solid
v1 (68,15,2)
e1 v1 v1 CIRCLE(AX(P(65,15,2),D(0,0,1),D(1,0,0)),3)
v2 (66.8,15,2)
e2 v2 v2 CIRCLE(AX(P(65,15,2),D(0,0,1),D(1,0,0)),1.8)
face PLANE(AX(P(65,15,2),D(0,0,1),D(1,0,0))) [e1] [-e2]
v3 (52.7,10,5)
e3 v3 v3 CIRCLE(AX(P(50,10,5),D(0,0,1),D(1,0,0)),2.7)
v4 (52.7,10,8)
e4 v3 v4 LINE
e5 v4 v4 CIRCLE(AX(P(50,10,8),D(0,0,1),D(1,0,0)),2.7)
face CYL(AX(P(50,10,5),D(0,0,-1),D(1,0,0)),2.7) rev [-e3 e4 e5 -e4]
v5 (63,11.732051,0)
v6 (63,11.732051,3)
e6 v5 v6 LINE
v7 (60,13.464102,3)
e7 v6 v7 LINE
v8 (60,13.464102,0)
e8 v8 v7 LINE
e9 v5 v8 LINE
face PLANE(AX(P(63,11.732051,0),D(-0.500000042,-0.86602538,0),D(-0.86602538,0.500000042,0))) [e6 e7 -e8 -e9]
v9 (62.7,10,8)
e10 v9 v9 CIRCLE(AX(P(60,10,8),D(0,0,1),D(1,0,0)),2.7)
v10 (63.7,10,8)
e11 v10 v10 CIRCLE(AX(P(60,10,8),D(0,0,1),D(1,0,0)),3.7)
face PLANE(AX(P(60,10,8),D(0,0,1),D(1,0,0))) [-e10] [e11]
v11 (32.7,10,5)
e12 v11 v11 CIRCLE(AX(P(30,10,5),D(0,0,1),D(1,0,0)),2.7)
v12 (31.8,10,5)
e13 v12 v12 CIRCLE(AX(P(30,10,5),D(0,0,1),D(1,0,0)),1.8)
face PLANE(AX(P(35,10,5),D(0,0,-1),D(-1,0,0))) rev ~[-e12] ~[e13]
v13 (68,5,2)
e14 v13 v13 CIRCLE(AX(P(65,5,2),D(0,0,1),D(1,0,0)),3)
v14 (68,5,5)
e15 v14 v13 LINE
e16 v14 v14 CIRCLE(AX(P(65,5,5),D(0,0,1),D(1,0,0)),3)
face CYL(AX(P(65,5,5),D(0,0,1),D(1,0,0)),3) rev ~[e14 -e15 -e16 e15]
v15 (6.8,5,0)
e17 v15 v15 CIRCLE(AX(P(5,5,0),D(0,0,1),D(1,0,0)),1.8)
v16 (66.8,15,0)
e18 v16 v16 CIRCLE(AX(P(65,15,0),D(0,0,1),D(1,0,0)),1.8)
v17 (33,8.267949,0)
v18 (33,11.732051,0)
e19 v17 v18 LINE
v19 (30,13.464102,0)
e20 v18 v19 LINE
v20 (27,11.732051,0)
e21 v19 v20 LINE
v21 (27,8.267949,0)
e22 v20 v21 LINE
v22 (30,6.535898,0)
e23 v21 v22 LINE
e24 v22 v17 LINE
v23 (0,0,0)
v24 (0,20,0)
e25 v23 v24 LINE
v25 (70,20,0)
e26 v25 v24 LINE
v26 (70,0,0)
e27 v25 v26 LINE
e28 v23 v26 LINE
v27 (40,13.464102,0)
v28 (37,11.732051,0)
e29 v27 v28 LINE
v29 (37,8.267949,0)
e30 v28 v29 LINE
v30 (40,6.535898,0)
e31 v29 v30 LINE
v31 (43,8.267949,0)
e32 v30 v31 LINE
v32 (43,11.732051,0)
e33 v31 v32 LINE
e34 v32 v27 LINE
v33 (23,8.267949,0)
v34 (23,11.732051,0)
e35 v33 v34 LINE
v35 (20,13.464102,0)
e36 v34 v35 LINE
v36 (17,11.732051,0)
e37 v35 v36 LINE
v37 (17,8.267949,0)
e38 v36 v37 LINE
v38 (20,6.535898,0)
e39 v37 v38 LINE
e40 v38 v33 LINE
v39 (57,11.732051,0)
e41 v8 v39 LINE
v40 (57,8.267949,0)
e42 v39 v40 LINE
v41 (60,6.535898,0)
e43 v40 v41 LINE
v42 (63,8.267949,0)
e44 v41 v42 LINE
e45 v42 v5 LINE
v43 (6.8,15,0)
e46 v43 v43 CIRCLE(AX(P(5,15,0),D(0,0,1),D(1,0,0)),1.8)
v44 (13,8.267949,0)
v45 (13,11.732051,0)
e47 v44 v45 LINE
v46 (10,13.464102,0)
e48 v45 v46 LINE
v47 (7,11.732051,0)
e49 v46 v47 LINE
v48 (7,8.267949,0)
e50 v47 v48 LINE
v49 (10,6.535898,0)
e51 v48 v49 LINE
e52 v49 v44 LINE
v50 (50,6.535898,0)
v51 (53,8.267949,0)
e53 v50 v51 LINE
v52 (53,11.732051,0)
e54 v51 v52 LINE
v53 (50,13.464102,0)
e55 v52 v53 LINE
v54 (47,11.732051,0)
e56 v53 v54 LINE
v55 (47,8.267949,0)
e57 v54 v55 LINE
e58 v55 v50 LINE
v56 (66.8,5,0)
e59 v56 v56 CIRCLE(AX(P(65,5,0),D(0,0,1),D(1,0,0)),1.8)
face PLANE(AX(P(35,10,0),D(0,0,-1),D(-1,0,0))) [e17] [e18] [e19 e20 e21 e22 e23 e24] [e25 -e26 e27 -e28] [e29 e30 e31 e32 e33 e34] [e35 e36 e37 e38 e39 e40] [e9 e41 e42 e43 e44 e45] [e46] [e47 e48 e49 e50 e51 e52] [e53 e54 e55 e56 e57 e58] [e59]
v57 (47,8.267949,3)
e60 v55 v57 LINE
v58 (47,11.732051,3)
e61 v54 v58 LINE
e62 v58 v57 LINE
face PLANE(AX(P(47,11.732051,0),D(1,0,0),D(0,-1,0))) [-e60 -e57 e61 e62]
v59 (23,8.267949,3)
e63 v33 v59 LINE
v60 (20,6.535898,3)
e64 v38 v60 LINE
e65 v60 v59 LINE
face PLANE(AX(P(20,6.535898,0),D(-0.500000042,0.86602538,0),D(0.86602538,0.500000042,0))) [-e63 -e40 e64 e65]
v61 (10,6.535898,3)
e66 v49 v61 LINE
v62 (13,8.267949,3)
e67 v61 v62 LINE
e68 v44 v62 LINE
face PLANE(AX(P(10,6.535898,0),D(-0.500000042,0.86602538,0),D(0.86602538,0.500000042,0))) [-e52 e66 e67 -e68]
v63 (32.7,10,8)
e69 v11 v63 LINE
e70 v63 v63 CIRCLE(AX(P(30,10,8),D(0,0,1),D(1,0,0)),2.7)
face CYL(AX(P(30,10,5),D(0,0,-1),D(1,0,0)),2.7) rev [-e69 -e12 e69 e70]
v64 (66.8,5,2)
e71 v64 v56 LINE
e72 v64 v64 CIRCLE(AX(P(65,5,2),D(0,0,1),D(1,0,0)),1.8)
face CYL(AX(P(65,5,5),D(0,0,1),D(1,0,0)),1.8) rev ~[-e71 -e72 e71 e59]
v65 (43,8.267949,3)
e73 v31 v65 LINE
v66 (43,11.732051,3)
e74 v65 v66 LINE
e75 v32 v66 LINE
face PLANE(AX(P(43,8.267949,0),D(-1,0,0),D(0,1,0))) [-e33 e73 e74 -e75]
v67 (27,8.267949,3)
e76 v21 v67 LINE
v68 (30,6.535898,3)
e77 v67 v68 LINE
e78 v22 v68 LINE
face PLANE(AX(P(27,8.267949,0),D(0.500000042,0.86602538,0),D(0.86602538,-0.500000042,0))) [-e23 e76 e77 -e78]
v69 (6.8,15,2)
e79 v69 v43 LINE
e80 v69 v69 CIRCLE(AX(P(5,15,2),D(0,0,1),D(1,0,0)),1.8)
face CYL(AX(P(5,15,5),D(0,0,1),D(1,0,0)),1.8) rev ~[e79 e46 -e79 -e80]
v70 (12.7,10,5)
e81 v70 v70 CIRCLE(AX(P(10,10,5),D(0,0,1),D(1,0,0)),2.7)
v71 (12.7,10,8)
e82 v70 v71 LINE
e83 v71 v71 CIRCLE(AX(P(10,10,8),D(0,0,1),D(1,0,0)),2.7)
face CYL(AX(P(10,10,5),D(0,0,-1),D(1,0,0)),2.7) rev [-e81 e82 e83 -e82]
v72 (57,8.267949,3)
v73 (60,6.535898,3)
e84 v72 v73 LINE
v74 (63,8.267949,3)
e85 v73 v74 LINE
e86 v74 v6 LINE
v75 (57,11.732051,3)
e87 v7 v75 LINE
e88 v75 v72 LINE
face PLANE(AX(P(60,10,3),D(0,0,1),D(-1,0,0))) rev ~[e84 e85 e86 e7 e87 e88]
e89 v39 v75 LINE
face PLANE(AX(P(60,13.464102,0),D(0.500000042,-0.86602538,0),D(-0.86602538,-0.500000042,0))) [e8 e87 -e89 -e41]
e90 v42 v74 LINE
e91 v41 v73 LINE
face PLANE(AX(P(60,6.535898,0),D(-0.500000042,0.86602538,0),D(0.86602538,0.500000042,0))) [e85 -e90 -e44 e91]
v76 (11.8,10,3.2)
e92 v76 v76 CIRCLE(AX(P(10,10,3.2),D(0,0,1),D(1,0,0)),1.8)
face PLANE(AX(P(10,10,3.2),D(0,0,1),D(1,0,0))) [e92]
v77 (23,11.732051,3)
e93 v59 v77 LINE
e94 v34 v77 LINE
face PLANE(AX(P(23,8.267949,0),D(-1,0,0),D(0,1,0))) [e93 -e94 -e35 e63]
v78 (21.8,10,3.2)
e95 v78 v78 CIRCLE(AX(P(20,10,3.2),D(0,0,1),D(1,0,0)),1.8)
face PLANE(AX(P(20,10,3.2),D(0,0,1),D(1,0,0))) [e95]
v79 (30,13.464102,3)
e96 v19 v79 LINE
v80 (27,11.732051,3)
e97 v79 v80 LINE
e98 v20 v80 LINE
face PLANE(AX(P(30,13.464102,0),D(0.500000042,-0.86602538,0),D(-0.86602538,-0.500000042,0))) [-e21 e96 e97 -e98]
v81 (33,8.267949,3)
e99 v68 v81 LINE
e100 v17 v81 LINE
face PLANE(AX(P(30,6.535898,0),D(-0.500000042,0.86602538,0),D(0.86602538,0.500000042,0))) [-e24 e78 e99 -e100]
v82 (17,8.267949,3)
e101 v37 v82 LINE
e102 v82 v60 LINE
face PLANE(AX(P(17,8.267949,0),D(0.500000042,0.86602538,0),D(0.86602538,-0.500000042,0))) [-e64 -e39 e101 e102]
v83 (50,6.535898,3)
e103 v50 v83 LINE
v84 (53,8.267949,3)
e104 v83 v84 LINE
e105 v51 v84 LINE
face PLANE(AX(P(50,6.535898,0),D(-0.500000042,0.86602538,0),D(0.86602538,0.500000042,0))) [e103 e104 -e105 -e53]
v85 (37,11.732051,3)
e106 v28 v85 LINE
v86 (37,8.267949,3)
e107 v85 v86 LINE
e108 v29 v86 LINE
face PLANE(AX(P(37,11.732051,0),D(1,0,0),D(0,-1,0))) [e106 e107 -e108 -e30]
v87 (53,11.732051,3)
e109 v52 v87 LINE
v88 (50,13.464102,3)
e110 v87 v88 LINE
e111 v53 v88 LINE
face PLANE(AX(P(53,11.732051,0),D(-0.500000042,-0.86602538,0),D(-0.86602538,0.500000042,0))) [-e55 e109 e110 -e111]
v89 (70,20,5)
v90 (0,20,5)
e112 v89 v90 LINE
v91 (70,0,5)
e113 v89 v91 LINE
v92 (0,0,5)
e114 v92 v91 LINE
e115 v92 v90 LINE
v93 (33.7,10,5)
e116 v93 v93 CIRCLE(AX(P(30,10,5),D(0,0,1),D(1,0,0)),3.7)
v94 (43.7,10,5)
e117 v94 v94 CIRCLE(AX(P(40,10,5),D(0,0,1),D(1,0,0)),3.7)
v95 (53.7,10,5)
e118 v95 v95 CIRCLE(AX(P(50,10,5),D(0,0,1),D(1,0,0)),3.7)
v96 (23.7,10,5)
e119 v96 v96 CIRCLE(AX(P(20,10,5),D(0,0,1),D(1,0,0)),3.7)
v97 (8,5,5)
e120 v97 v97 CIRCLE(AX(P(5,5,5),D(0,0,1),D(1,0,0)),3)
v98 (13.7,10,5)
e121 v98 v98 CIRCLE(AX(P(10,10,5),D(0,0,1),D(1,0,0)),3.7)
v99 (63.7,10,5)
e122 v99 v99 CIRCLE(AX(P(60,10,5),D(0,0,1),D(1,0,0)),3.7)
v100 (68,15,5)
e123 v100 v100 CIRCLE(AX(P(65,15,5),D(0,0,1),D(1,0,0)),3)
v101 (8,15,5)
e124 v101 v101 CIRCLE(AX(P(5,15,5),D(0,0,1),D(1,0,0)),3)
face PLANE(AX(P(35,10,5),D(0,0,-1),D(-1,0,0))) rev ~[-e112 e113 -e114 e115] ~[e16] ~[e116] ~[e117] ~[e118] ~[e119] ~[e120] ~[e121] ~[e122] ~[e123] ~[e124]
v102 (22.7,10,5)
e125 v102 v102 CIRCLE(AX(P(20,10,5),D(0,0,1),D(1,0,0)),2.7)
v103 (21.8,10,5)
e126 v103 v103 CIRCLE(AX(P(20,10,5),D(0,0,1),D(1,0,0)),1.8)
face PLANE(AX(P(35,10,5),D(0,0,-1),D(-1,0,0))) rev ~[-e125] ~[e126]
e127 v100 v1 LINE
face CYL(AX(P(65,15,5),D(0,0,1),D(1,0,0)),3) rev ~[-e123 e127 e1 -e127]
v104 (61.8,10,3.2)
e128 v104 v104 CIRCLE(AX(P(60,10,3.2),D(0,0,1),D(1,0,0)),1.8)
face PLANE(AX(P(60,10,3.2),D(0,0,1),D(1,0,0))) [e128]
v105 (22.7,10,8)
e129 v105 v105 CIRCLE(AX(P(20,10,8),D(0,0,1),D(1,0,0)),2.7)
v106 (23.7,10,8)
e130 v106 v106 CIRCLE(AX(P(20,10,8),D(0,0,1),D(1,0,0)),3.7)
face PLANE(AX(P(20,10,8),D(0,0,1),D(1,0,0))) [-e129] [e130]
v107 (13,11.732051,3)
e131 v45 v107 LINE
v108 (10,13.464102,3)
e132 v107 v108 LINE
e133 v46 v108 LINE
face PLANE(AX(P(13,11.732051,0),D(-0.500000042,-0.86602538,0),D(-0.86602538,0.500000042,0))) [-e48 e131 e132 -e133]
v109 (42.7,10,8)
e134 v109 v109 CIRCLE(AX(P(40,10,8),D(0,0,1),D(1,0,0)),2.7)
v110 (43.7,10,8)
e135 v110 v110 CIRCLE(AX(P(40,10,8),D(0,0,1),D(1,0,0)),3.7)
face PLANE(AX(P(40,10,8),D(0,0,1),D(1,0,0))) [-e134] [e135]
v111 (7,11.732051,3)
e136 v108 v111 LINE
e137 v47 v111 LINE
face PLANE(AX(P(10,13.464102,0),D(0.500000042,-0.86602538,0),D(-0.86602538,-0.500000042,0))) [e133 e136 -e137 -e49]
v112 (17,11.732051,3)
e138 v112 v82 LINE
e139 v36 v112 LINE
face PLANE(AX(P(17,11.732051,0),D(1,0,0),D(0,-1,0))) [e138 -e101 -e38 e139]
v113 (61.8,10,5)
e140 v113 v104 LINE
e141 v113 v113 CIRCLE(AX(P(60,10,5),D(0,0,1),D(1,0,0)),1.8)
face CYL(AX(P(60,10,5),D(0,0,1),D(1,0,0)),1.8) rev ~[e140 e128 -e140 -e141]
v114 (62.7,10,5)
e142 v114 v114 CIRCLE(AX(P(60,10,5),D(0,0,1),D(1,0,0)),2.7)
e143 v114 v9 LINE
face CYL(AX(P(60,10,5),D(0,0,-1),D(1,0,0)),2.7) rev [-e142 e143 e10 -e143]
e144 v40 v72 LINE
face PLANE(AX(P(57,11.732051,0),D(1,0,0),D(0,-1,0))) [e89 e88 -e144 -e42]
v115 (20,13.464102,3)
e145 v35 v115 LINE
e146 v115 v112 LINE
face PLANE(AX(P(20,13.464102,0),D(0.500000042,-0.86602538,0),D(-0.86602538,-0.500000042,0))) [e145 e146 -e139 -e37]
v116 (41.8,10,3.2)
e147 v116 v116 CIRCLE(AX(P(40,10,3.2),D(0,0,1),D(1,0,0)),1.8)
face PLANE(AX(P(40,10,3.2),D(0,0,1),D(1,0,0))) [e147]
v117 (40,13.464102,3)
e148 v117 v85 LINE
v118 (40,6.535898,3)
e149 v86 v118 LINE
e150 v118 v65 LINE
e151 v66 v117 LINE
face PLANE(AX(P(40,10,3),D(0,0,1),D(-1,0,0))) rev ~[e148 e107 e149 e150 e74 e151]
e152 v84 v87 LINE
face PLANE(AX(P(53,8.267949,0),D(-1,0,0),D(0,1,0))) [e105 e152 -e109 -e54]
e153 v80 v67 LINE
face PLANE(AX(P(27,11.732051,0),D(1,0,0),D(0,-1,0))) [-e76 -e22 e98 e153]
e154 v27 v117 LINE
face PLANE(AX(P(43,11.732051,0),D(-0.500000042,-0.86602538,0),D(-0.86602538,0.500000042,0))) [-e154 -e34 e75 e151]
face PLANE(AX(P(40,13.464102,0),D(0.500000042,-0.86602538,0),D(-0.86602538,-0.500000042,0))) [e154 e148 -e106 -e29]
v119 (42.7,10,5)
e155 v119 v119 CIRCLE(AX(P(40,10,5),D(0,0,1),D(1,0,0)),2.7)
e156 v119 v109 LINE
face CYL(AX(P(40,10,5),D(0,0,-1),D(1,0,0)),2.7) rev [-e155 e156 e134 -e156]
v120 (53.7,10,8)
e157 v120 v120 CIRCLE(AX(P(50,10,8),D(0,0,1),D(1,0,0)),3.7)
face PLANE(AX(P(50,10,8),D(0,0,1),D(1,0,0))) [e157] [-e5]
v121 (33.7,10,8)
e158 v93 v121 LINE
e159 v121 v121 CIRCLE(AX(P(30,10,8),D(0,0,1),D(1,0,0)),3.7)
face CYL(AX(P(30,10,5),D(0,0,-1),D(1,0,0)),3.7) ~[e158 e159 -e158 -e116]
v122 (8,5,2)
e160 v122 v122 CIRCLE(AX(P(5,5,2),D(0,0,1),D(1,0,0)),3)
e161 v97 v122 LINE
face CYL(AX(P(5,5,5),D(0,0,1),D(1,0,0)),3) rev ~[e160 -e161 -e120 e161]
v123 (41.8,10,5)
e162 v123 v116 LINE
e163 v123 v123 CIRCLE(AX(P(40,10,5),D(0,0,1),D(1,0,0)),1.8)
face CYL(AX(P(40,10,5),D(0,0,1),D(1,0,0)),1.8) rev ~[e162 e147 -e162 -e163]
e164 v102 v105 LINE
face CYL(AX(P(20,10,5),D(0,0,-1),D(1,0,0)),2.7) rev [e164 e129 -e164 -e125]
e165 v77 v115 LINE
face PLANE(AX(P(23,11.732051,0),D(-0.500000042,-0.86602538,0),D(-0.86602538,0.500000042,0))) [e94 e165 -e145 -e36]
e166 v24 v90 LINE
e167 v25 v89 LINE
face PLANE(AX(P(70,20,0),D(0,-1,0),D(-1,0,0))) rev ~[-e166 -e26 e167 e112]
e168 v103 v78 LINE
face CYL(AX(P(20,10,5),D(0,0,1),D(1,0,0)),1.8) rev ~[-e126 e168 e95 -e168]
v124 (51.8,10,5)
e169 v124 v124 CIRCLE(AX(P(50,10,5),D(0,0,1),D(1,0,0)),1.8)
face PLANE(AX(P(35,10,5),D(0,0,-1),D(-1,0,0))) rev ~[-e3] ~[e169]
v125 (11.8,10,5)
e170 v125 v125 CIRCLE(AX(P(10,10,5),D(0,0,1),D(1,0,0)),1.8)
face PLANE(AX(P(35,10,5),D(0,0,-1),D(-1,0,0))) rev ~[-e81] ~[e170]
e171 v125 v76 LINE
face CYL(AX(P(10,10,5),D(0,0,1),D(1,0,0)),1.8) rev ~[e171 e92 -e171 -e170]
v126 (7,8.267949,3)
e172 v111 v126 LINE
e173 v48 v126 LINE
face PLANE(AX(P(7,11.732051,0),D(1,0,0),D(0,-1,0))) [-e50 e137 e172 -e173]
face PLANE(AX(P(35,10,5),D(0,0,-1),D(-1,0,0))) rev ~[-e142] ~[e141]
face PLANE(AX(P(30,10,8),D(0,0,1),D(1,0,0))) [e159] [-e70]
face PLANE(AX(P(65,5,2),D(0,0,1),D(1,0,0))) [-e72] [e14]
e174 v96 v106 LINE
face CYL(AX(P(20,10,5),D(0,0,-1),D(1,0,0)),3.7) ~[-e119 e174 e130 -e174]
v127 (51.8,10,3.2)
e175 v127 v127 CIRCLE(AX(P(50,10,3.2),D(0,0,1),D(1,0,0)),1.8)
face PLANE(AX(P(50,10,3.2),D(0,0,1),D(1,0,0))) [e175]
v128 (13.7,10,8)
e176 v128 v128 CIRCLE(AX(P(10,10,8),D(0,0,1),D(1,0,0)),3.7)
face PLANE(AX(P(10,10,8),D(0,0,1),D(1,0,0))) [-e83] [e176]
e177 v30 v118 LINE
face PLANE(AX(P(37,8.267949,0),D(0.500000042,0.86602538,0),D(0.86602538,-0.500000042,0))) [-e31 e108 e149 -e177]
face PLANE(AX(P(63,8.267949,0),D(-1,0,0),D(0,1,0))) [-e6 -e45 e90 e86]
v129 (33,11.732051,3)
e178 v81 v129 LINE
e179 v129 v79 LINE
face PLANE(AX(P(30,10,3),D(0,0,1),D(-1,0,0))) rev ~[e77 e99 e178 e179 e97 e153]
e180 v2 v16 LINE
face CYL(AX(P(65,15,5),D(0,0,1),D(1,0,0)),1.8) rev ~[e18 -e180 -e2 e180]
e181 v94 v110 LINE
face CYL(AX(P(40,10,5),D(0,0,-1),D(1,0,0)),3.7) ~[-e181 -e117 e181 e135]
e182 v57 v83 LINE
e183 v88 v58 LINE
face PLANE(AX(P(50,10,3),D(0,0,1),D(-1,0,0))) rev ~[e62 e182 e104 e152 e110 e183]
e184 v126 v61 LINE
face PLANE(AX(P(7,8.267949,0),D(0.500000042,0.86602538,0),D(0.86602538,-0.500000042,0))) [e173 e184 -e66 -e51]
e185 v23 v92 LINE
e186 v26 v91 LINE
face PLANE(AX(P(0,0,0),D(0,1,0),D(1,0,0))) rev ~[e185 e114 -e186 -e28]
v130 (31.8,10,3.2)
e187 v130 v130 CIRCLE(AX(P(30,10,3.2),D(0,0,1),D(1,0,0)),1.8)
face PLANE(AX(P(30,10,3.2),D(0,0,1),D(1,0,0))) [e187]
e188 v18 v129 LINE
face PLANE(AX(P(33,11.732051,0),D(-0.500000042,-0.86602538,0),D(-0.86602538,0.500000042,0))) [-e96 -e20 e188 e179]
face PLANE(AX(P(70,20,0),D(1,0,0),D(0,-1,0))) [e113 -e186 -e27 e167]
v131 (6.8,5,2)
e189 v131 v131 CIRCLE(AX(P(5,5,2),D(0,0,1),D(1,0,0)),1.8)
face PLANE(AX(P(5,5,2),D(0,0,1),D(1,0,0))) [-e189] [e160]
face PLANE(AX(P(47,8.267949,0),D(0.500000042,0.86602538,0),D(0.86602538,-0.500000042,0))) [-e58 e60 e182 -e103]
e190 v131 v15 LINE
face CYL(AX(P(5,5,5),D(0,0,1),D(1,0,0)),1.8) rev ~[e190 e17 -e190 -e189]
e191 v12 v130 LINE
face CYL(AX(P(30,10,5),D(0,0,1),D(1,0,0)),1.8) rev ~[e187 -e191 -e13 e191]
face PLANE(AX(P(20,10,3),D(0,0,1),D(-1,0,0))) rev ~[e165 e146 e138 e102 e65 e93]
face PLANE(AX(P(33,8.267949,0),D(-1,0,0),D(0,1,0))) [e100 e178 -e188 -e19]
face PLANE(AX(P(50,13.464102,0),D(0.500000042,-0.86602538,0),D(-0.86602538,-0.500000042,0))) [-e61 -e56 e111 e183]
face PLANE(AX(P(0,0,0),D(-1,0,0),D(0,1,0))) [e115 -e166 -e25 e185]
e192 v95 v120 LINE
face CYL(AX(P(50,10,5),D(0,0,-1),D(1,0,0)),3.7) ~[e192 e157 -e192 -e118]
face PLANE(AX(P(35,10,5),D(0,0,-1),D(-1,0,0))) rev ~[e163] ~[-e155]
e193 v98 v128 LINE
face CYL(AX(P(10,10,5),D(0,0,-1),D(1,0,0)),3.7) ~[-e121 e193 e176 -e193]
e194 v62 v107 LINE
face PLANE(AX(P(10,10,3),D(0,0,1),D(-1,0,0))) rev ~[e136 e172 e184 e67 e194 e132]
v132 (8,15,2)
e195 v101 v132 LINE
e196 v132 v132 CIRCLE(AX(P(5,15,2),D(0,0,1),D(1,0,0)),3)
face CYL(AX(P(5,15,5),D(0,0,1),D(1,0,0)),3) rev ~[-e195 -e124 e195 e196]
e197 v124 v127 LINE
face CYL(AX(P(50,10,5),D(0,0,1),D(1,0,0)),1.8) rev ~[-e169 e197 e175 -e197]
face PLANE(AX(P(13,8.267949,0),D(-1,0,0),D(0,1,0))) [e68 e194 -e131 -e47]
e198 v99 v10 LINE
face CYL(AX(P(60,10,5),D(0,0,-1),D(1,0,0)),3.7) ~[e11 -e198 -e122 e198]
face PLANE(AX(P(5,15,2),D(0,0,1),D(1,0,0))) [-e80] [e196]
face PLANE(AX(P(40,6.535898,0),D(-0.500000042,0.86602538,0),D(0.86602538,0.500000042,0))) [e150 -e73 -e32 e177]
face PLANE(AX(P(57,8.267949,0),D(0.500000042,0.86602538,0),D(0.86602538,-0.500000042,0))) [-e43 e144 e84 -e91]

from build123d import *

# Parameters (mm, degrees)
PAD_DEPTH       = 5
SKETCH001_R     = 1.8
POCKET_DEPTH    = 5
SKETCH002_R     = 3
POCKET001_DEPTH = 3
SKETCH003_R     = 1.8
POCKET002_DEPTH = 1.8
SKETCH004_R     = 3.7
SKETCH004_R_2   = 2.7
PAD001_DEPTH    = 3
POCKET003_DEPTH = 3


with BuildPart() as part:
    # Sketch → Pad (new body)
    with BuildSketch(Plane.XY):
        Polygon((0, 0), (0, 20), (18, 20), (52, 20), (70, 20), (70, 0), (52, 0), (18, 0), align=None)
    extrude(amount=PAD_DEPTH)

    # Sketch001 → Pocket (cut)
    with BuildSketch(Plane.XY.offset(5)):
        with Locations((5, 15)):
            Circle(SKETCH001_R)
        with Locations((65, 15)):
            Circle(SKETCH001_R)
        with Locations((65, 5)):
            Circle(SKETCH001_R)
        with Locations((5, 5)):
            Circle(SKETCH001_R)
    extrude(amount=-POCKET_DEPTH, mode=Mode.SUBTRACT)

    # Sketch002 → Pocket001 (cut)
    with BuildSketch(Plane.XY.offset(5)):
        with Locations((5, 15)):
            Circle(SKETCH002_R)
        with Locations((65, 15)):
            Circle(SKETCH002_R)
        with Locations((65, 5)):
            Circle(SKETCH002_R)
        with Locations((5, 5)):
            Circle(SKETCH002_R)
    extrude(amount=-POCKET001_DEPTH, mode=Mode.SUBTRACT)

    # Sketch003 → Pocket002 (cut)
    with BuildSketch(Plane.XY.offset(5)):
        with Locations((10, 10)):
            Circle(SKETCH003_R)
        with Locations((20, 10)):
            Circle(SKETCH003_R)
        with Locations((30, 10)):
            Circle(SKETCH003_R)
        with Locations((40, 10)):
            Circle(SKETCH003_R)
        with Locations((50, 10)):
            Circle(SKETCH003_R)
        with Locations((60, 10)):
            Circle(SKETCH003_R)
    extrude(amount=-POCKET002_DEPTH, mode=Mode.SUBTRACT)

    # Sketch004 → Pad001 (new body)
    with BuildSketch(Plane.XY.offset(5)):
        with Locations((10, 10)):
            Circle(SKETCH004_R)
        with Locations((10, 10)):
            Circle(SKETCH004_R_2, mode=Mode.SUBTRACT)
        with Locations((20, 10)):
            Circle(SKETCH004_R)
        with Locations((20, 10)):
            Circle(SKETCH004_R_2, mode=Mode.SUBTRACT)
        with Locations((30, 10)):
            Circle(SKETCH004_R)
        with Locations((30, 10)):
            Circle(SKETCH004_R_2, mode=Mode.SUBTRACT)
        with Locations((40, 10)):
            Circle(SKETCH004_R)
        with Locations((40, 10)):
            Circle(SKETCH004_R_2, mode=Mode.SUBTRACT)
        with Locations((50, 10)):
            Circle(SKETCH004_R)
        with Locations((50, 10)):
            Circle(SKETCH004_R_2, mode=Mode.SUBTRACT)
        with Locations((60, 10)):
            Circle(SKETCH004_R)
        with Locations((60, 10)):
            Circle(SKETCH004_R_2, mode=Mode.SUBTRACT)
    extrude(amount=PAD001_DEPTH)

    # Sketch005 → Pocket003 (cut)
    with BuildSketch(Plane(origin=(0, 0, 0), x_dir=(1, 0, 0), z_dir=(0, 0, -1))):
        Polygon((7, -11.732051), (7, -8.267949), (10, -6.535898), (13, -8.267949), (13, -11.732051), (10, -13.464102), align=None)
        Polygon((17, -11.732051), (17, -8.267949), (20, -6.535898), (23, -8.267949), (23, -11.732051), (20, -13.464102), align=None)
        Polygon((27, -11.732051), (27, -8.267949), (30, -6.535898), (33, -8.267949), (33, -11.732051), (30, -13.464102), align=None)
        Polygon((37, -11.732051), (37, -8.267949), (40, -6.535898), (43, -8.267949), (43, -11.732051), (40, -13.464102), align=None)
        Polygon((47, -11.732051), (47, -8.267949), (50, -6.535898), (53, -8.267949), (53, -11.732051), (50, -13.464102), align=None)
        Polygon((57, -11.732051), (57, -8.267949), (60, -6.535898), (63, -8.267949), (63, -11.732051), (60, -13.464102), align=None)
    extrude(amount=-POCKET003_DEPTH, mode=Mode.SUBTRACT)


solid = part.part
